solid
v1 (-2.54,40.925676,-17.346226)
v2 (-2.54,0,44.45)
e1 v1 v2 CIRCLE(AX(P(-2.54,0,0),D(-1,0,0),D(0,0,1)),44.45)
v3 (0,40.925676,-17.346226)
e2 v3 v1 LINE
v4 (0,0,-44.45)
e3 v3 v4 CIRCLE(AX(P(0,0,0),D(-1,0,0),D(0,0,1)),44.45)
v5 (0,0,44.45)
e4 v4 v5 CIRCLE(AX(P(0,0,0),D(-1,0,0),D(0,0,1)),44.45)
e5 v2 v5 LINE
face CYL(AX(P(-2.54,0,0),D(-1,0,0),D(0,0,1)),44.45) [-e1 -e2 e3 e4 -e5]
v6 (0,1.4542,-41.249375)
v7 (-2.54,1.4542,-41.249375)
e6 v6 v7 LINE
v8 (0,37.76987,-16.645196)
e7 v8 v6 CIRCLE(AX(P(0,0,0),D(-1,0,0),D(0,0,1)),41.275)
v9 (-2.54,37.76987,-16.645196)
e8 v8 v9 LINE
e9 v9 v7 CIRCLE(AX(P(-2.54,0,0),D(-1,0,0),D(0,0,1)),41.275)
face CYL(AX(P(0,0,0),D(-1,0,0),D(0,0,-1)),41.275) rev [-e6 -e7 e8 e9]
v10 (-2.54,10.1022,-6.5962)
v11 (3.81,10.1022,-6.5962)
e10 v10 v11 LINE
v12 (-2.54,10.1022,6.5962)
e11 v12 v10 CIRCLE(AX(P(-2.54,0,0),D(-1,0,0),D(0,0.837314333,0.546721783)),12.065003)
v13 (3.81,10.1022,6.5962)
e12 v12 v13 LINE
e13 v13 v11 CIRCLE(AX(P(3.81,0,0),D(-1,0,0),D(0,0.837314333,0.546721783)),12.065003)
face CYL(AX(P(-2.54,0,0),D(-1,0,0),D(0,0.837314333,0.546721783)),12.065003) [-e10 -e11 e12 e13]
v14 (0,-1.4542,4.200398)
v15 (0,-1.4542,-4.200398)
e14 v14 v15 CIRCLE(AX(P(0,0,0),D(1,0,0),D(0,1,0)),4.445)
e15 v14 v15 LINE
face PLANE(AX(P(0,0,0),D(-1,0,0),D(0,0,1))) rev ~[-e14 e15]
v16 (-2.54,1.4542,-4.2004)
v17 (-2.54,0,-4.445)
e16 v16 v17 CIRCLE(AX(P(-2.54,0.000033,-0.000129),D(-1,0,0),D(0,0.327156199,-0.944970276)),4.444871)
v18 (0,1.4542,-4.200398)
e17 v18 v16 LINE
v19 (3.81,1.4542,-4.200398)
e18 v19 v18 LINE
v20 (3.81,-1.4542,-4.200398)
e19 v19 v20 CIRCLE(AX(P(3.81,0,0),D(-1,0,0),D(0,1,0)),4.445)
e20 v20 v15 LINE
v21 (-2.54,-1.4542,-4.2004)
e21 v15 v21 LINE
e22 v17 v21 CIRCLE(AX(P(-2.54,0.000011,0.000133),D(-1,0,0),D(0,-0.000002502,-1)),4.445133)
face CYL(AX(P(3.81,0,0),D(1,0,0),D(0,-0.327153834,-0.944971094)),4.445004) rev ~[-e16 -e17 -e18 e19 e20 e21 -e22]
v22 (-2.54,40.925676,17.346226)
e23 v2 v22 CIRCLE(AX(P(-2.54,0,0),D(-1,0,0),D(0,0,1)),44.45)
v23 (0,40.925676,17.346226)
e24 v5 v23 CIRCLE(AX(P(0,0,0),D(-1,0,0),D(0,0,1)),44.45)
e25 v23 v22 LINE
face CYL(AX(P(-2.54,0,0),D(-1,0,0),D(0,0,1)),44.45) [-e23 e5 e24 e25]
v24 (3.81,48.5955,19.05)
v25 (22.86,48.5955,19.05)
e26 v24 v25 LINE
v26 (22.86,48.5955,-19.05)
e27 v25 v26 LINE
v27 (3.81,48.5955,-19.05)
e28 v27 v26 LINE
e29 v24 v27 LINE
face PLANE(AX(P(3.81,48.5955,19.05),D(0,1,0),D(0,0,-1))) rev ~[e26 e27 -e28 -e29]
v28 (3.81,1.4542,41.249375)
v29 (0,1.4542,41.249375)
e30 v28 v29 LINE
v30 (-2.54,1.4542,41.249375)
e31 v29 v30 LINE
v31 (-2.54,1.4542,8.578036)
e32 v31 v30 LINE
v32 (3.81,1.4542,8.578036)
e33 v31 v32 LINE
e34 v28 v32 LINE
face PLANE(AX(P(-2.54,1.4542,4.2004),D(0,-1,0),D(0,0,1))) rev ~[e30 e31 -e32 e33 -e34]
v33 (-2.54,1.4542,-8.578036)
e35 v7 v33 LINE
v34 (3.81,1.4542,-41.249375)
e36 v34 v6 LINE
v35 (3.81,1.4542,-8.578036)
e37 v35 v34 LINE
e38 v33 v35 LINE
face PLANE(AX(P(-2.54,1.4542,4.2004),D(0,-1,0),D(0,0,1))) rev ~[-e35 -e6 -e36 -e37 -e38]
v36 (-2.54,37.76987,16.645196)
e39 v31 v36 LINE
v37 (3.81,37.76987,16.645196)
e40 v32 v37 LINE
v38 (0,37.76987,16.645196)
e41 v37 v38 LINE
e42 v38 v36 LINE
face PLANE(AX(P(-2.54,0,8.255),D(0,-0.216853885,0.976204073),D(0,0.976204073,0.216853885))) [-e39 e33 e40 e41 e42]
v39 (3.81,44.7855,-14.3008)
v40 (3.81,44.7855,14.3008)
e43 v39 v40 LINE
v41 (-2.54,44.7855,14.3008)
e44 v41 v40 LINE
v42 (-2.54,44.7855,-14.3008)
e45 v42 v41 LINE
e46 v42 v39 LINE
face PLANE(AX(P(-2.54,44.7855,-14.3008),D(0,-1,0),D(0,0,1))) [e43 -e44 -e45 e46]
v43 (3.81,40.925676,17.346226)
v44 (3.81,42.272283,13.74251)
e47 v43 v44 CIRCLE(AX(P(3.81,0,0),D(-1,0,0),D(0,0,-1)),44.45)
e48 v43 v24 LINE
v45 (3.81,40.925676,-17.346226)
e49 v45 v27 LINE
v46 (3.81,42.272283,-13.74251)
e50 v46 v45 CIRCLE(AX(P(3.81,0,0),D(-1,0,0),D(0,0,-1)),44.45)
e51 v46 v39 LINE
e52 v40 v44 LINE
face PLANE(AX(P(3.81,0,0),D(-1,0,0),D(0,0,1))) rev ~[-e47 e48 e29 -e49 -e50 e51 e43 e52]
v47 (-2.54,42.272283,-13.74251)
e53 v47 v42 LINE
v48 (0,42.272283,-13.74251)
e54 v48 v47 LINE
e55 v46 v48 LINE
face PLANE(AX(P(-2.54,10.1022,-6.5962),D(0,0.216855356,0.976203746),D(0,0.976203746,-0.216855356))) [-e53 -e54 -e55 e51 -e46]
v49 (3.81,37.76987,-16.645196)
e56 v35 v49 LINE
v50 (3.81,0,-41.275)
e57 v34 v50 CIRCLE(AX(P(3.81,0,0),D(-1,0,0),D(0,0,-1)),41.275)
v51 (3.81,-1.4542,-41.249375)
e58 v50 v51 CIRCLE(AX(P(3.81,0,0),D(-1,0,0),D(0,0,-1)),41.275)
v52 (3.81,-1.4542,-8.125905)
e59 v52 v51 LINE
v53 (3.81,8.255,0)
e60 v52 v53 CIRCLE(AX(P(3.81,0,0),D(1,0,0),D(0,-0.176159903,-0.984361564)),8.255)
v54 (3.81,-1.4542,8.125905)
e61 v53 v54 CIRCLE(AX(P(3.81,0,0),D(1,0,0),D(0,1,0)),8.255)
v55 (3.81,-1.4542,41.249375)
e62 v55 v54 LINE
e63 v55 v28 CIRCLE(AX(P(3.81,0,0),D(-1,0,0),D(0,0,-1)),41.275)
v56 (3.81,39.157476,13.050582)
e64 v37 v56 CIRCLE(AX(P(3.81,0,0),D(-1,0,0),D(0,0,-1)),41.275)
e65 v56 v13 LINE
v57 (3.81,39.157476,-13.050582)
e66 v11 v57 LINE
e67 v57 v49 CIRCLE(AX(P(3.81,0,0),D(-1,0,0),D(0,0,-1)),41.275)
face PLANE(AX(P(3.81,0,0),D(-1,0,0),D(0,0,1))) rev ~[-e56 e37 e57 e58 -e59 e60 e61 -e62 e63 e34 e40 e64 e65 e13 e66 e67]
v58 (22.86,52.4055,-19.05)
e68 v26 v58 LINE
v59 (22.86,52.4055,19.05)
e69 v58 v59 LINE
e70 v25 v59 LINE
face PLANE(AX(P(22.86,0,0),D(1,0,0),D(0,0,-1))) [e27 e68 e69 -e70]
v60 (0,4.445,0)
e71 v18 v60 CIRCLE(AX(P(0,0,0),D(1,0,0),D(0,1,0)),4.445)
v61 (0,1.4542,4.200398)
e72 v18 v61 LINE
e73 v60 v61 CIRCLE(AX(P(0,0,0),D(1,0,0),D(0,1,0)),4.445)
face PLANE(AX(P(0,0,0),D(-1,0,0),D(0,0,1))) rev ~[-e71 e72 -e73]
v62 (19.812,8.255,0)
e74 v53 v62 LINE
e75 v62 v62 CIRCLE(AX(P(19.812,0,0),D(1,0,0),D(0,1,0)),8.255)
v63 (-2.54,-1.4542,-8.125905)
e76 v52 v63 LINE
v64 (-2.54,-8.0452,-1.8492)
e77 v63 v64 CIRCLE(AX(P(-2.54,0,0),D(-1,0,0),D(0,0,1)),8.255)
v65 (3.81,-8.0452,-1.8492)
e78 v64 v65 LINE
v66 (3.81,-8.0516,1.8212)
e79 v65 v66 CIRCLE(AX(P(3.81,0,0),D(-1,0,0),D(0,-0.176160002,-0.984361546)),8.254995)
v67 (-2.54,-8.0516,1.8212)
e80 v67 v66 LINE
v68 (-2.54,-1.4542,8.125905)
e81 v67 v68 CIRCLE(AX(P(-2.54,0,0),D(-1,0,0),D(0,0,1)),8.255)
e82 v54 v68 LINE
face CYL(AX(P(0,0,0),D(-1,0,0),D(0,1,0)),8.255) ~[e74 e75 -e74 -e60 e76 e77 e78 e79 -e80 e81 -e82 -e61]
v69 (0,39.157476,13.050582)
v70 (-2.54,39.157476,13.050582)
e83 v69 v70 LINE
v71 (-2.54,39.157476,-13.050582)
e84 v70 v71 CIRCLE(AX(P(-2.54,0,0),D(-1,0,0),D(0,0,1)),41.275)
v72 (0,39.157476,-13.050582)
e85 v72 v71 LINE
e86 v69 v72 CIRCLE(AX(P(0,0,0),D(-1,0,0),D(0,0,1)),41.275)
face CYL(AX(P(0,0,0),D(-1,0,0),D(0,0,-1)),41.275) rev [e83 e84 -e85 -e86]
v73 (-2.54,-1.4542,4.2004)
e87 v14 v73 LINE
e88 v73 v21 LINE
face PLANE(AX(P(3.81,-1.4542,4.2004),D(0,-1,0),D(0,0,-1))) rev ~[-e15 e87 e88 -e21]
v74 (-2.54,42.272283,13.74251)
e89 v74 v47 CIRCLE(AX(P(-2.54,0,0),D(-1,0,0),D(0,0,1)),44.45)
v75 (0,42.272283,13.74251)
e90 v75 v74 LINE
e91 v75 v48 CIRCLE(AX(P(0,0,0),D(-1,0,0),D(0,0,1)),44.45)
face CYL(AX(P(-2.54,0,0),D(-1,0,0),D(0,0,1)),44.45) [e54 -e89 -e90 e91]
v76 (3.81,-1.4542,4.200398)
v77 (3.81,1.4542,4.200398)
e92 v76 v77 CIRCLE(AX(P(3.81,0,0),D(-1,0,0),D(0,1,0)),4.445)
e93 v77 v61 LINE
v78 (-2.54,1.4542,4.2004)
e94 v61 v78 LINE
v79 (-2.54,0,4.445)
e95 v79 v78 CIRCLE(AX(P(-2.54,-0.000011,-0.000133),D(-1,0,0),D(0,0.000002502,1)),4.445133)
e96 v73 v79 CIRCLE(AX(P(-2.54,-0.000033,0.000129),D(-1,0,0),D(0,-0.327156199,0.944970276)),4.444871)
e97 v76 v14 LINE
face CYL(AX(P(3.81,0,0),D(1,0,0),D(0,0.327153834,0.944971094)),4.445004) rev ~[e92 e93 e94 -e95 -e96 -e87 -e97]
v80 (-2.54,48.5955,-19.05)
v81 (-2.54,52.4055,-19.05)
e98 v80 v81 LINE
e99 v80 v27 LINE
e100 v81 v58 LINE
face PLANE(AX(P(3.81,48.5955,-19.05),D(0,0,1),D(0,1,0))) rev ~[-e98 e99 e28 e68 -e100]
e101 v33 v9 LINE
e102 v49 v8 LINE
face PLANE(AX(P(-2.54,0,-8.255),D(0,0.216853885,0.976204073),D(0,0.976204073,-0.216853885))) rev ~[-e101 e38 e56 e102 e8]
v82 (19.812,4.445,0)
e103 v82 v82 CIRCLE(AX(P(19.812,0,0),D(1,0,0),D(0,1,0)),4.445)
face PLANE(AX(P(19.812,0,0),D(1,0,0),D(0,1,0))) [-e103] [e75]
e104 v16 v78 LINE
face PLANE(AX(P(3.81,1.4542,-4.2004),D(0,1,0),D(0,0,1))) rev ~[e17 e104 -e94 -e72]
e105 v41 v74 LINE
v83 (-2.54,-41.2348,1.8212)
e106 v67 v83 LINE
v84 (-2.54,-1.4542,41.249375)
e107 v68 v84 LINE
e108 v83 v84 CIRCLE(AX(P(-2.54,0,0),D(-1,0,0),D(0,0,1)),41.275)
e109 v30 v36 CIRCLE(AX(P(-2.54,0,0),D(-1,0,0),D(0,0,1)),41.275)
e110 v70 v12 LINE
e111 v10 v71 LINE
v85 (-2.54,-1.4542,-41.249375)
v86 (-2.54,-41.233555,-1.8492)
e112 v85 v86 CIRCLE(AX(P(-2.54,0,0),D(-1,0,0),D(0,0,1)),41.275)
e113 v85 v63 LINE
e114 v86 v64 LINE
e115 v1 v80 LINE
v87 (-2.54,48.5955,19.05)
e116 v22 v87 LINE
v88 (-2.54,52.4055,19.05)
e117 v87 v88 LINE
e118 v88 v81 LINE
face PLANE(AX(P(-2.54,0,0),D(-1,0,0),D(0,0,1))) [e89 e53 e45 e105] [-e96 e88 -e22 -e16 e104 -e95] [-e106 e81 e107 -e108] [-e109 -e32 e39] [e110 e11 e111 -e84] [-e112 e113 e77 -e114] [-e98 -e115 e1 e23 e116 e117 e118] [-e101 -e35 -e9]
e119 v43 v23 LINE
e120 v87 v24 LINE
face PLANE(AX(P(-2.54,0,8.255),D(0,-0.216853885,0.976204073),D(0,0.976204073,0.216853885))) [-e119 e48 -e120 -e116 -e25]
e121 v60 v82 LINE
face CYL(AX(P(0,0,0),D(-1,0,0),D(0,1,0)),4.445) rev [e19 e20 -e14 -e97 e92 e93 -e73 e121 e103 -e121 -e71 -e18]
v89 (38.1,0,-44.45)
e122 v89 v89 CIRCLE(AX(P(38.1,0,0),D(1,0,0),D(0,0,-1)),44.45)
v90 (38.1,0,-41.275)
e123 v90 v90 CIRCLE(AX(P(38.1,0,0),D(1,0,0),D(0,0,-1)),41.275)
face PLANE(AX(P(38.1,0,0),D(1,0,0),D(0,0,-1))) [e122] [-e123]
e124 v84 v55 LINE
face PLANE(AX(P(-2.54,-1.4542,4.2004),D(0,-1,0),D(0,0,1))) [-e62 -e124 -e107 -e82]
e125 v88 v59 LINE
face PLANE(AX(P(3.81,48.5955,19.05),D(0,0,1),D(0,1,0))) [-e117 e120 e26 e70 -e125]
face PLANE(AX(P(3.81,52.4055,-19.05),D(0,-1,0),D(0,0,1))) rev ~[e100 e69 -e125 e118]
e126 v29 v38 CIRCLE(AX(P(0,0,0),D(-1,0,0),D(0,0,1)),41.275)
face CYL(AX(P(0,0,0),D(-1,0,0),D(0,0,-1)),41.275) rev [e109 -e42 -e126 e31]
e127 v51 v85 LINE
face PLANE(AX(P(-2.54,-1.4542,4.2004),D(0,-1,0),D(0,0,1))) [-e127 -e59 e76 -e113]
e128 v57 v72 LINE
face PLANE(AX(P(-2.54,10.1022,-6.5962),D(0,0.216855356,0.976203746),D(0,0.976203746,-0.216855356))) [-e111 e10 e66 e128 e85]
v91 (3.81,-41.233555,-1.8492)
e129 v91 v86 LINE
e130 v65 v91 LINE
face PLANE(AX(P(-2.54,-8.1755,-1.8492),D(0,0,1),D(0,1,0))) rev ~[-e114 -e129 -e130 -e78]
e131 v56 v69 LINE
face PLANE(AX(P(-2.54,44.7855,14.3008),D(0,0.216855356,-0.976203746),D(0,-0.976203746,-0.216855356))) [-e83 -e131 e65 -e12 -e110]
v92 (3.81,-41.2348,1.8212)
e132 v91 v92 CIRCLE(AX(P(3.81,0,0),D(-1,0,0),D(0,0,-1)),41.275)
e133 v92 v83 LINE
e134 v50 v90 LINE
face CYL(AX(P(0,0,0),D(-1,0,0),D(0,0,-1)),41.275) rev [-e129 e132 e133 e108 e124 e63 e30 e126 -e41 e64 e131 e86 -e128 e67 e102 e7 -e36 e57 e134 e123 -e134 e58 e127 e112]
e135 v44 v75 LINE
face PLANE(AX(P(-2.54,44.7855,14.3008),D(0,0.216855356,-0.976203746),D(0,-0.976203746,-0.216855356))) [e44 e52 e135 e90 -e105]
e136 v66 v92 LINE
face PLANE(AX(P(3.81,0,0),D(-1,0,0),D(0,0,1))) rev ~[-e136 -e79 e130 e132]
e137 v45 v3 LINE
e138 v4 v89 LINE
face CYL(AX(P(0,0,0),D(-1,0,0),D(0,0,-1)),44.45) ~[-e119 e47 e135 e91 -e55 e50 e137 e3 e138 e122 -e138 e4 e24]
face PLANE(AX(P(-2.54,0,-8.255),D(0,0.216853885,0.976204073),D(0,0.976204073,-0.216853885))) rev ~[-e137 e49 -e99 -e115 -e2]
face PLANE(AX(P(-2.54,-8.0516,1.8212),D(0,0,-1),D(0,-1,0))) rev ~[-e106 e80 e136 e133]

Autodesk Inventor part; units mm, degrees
ref_plane "YZ Plane" through (0, 0, 0) normal (1, 0, 0) x (0, 1, 0)
ref_plane "XZ Plane" through (0, 0, 0) normal (0, 1, 0) x (-1, 0, 0)
ref_plane "XY Plane" through (0, 0, 0) normal (0, 0, 1) x (1, 0, 0)
sketch "Sketch1" plane through (0, 0, 0) normal (1, 0, 0) x (0, 1, 0)
  circle A0 centre (0, 0) radius 4.445
  circle A1 centre (0, 0) radius 8.255
  dimension "d0" = 8.89
  dimension "d1" = 3.81
extrude "Extrusion1" add sketch "Sketch1" along normal blind 19.812
sketch "Sketch2" plane through (0, 0, 0) normal (-1, 0, 0) x (0, 0, 1)
  circle A0 centre (0, 0) radius 8.255
  circle A1 centre (0, 0) radius 7.747
  circle A2 centre (0, 0) radius 8.255 projected
  dimension "d42" = 0
extrude "Extrusion2" add sketch "Sketch2" along normal blind 2.54 contours A0 | A1
sketch "Sketch3" plane through (-2.54, 0, 0) normal (-1, 0, 0) x (0, 0, 1)
  line L0 (19.05, 48.5955) -> (-19.05, 48.5955)
  circle A0 centre (0, 0) radius 8.255 projected
  line L1 (8.255, 0) -> (19.05, 48.5955)
  line L2 (-8.255, 0) -> (-19.05, 48.5955)
  arc A1 (8.255, 0) -> (-8.255, 0) centre (0, 0) ccw
  line L3 (-14.3008, 44.7855) -> (14.3008, 44.7855)
  line L4 (14.3008, 44.7855) -> (6.5962, 10.1022)
  arc A2 (6.5962, 10.1022) -> (-6.5962, 10.1022) centre (0, 0) ccw
  line L5 (-6.5962, 10.1022) -> (-14.3008, 44.7855)
  dimension "d6" = 38.1
  dimension "d7" = 19.05
  dimension "d8" = 3.81
extrude "Extrusion3" add sketch "Sketch3" against normal blind 6.35 contours L1 A0 L2 L0
sketch "Sketch6" plane through (-2.54, 44.7855, -14.3008) normal (0, -1, 0) x (1, 0, 0)
  line L0 (6.35, 32.4159) -> (26.9875, 32.4159) projected
  line L1 (13.4874, 32.4159) -> (13.4874, 26.0989)
  line L2 (26.9875, 32.4159) -> (26.9875, -3.9117) projected
  point P0 (2.54, 14.3008)
  dimension "d20" = 13.5001
sketch "Sketch10" plane through (0, 0, 0) normal (1, 0, 0) x (0, 0, -1)
  circle A0 centre (0, 0) radius 1.4542
  line L0 (-4.445, 1.4542) -> (4.445, 1.4542)
  line L1 (4.445, 1.4542) -> (4.445, -1.4542)
  line L2 (4.445, -1.4542) -> (-4.445, -1.4542)
  line L3 (-4.445, -1.4542) -> (-4.445, 1.4542)
  circle A1 centre (0, 0) radius 4.445 projected
  dimension "d43" = 0
  dimension "d44" = 0
extrude "Extrusion7" cut sketch "Sketch10" against normal blind 22.225 contours A0 | A0 L0 A1 L2 | A0 L2 A1 L0 | A1 L3 L0 | L0 L1 A1 | A1 L1 L2 | L2 L3 A1
sketch "Sketch13" plane through (-2.54, 48.5955, 19.05) normal (0, 1, 0) x (1, 0, 0)
  line L0 (4.6355, 36.83) -> (1.7145, 36.83)
  line L1 (1.7145, 36.83) -> (1.7145, 33.909)
  line L2 (1.7145, 33.909) -> (4.6355, 33.909)
  line L3 (4.6355, 33.909) -> (4.6355, 36.83)
  line L4 (6.35, 38.1) -> (6.35, 0) projected
  line L5 (0, 38.1) -> (6.35, 38.1) projected
  line L6 (4.6228, 4.191) -> (1.7018, 4.191)
  line L7 (1.7018, 4.191) -> (1.7018, 1.27)
  line L8 (1.7018, 1.27) -> (4.6228, 1.27)
  line L9 (4.6228, 1.27) -> (4.6228, 4.191)
  line L10 (0, 0) -> (6.35, 0) projected
  line L11 (0, 0) -> (0, 38.1) projected
  line L12 (0, 0) -> (6.35, 0) projected
  line L13 (6.35, 38.1) -> (6.35, 0) projected
  line L14 (0, 38.1) -> (6.35, 38.1) projected
  point P0 (2.54, 19.05)
  dimension "d32" = 2.921
  dimension "d33" = 2.921
  dimension "d34" = 1.7145
  dimension "d35" = 1.27
  dimension "d36" = 2.921
  dimension "d37" = 2.921
  dimension "d38" = 1.7272
  dimension "d39" = 1.27
extrude "Extrusion9" add sketch "Sketch13" along normal blind 3.81 contours L3 L2 L1 L0 | L4 L10 L11 L5 | L9 L8 L7 L6
sketch "Sketch14" plane through (0, 0, 0) normal (-1, 0, 0) x (0, 0, 1)
  arc A0 (4.2004, -1.4542) -> (4.445, 0) centre (0, 0) ccw projected
  line L0 (4.2004, -1.4542) -> (4.445, -1.4542) projected
  line L1 (4.445, -1.4542) -> (4.445, 0) projected
  arc A1 (4.445, 0) -> (4.2004, 1.4542) centre (0, 0) ccw projected
  line L2 (4.445, 0) -> (4.445, 1.4542) projected
  line L3 (4.445, 1.4542) -> (4.2004, 1.4542) projected
  arc A2 (-4.445, 0) -> (-4.2004, -1.4542) centre (0, 0) ccw projected
  line L4 (-4.445, 0) -> (-4.445, -1.4542) projected
  line L5 (-4.445, -1.4542) -> (-4.2004, -1.4542) projected
  arc A3 (-4.2004, 1.4542) -> (-4.445, 0) centre (0, 0) ccw projected
  line L6 (-4.2004, 1.4542) -> (-4.445, 1.4542) projected
  line L7 (-4.445, 1.4542) -> (-4.445, 0) projected
extrude "Extrusion10" add sketch "Sketch14" along normal blind 2.54
sketch "Sketch15" plane through (-2.54, 0, 0) normal (-1, 0, 0) x (0, 0, 1)
  circle A0 centre (0, 0) radius 41.275
  circle A1 centre (0, 0) radius 44.45
  dimension "d47" = 82.55
  dimension "d48" = 88.9
extrude "Extrusion11" add sketch "Sketch15" against normal blind 2.54
sketch "Sketch16" plane through (0, 0, 0) normal (1, 0, 0) x (0, 0, -1)
  circle A0 centre (0, 0) radius 44.45
  circle A1 centre (0, 0) radius 41.275
  dimension "d51" = 82.55
extrude "Extrusion12" add sketch "Sketch16" along normal blind 38.1
sketch "Sketch19" plane through (-2.54, 0, 0) normal (-1, 0, 0) x (0, 0, 1)
  line L0 (4.2004, 1.4542) -> (-4.2004, 1.4542) projected
  arc A0 (-16.6452, 37.7699) -> (16.6452, 37.7699) centre (0, 0) ccw projected
  line L1 (-4.2004, 1.4542) -> (-41.2494, 1.4542)
  line L2 (4.2004, 1.4542) -> (41.2494, 1.4542)
  circle A1 centre (0, 0) radius 8.382
  line L3 (-4.2004, -1.4542) -> (4.2004, -1.4542)
  line L4 (4.2004, 1.4542) -> (-4.2004, 1.4542)
  line L5 (-41.2494, -1.4542) -> (41.2494, -1.4542)
extrude "Extrusion14" add sketch "Sketch19" against normal blind 6.35 contours L2 A1 L5 L3 L1 L0 | L2 A0 L5 A1 | A1 L5 A0 L1
sketch "Sketch20" plane through (3.81, 0, 0) normal (1, 0, 0) x (0, 0, -1)
  arc A0 (4.2004, -1.4542) -> (4.2004, 1.4542) centre (0, 0) ccw projected
  line L0 (4.2004, 1.4542) -> (-4.2004, 1.4542) projected
  arc A1 (-4.2004, 1.4542) -> (-4.2004, -1.4542) centre (0, 0) ccw projected
  line L1 (-4.2004, -1.4542) -> (4.2004, -1.4542) projected
extrude "Extrusion15" cut sketch "Sketch20" against normal blind 6.35
sketch "Sketch21" plane through (-2.54, 0, 0) normal (-1, 0, 0) x (0, 0, 1)
  arc A0 (-8.1259, -1.4542) -> (8.1259, -1.4542) centre (0, 0) ccw projected
  line L0 (1.8212, -8.0516) -> (1.8212, -41.2348)
  arc A1 (-41.2494, -1.4542) -> (41.2494, -1.4542) centre (0, 0) ccw projected
  line L1 (-1.8492, -41.2336) -> (-1.8492, -8.1755)
  arc A2 (-1.8492, -41.2336) -> (1.8212, -41.2348) centre (0, 0) ccw
  line L2 (-1.8492, -8.1755) -> (-1.8492, -8.0452)
extrude "Extrusion16" add sketch "Sketch21" against normal blind 6.35
sketch "Sketch23" plane through (3.81, 0, 0) normal (1, 0, 0) x (0, 0, -1)
  line L0 (19.05, 52.4055) -> (-19.05, 52.4055) projected
  line L1 (-19.05, 48.5955) -> (-19.05, 52.4055) projected
  line L2 (19.05, 52.4055) -> (-19.05, 52.4055)
  line L3 (-19.05, 52.4055) -> (-19.05, 48.5955)
  line L4 (-19.05, 48.5955) -> (19.05, 48.5955)
  line L5 (19.05, 48.5955) -> (19.05, 52.4055)
  point P0 (0, 0)
extrude "Extrusion17" add sketch "Sketch23" along normal blind 19.05
properties part number "BasicThrustMotorHousing"
